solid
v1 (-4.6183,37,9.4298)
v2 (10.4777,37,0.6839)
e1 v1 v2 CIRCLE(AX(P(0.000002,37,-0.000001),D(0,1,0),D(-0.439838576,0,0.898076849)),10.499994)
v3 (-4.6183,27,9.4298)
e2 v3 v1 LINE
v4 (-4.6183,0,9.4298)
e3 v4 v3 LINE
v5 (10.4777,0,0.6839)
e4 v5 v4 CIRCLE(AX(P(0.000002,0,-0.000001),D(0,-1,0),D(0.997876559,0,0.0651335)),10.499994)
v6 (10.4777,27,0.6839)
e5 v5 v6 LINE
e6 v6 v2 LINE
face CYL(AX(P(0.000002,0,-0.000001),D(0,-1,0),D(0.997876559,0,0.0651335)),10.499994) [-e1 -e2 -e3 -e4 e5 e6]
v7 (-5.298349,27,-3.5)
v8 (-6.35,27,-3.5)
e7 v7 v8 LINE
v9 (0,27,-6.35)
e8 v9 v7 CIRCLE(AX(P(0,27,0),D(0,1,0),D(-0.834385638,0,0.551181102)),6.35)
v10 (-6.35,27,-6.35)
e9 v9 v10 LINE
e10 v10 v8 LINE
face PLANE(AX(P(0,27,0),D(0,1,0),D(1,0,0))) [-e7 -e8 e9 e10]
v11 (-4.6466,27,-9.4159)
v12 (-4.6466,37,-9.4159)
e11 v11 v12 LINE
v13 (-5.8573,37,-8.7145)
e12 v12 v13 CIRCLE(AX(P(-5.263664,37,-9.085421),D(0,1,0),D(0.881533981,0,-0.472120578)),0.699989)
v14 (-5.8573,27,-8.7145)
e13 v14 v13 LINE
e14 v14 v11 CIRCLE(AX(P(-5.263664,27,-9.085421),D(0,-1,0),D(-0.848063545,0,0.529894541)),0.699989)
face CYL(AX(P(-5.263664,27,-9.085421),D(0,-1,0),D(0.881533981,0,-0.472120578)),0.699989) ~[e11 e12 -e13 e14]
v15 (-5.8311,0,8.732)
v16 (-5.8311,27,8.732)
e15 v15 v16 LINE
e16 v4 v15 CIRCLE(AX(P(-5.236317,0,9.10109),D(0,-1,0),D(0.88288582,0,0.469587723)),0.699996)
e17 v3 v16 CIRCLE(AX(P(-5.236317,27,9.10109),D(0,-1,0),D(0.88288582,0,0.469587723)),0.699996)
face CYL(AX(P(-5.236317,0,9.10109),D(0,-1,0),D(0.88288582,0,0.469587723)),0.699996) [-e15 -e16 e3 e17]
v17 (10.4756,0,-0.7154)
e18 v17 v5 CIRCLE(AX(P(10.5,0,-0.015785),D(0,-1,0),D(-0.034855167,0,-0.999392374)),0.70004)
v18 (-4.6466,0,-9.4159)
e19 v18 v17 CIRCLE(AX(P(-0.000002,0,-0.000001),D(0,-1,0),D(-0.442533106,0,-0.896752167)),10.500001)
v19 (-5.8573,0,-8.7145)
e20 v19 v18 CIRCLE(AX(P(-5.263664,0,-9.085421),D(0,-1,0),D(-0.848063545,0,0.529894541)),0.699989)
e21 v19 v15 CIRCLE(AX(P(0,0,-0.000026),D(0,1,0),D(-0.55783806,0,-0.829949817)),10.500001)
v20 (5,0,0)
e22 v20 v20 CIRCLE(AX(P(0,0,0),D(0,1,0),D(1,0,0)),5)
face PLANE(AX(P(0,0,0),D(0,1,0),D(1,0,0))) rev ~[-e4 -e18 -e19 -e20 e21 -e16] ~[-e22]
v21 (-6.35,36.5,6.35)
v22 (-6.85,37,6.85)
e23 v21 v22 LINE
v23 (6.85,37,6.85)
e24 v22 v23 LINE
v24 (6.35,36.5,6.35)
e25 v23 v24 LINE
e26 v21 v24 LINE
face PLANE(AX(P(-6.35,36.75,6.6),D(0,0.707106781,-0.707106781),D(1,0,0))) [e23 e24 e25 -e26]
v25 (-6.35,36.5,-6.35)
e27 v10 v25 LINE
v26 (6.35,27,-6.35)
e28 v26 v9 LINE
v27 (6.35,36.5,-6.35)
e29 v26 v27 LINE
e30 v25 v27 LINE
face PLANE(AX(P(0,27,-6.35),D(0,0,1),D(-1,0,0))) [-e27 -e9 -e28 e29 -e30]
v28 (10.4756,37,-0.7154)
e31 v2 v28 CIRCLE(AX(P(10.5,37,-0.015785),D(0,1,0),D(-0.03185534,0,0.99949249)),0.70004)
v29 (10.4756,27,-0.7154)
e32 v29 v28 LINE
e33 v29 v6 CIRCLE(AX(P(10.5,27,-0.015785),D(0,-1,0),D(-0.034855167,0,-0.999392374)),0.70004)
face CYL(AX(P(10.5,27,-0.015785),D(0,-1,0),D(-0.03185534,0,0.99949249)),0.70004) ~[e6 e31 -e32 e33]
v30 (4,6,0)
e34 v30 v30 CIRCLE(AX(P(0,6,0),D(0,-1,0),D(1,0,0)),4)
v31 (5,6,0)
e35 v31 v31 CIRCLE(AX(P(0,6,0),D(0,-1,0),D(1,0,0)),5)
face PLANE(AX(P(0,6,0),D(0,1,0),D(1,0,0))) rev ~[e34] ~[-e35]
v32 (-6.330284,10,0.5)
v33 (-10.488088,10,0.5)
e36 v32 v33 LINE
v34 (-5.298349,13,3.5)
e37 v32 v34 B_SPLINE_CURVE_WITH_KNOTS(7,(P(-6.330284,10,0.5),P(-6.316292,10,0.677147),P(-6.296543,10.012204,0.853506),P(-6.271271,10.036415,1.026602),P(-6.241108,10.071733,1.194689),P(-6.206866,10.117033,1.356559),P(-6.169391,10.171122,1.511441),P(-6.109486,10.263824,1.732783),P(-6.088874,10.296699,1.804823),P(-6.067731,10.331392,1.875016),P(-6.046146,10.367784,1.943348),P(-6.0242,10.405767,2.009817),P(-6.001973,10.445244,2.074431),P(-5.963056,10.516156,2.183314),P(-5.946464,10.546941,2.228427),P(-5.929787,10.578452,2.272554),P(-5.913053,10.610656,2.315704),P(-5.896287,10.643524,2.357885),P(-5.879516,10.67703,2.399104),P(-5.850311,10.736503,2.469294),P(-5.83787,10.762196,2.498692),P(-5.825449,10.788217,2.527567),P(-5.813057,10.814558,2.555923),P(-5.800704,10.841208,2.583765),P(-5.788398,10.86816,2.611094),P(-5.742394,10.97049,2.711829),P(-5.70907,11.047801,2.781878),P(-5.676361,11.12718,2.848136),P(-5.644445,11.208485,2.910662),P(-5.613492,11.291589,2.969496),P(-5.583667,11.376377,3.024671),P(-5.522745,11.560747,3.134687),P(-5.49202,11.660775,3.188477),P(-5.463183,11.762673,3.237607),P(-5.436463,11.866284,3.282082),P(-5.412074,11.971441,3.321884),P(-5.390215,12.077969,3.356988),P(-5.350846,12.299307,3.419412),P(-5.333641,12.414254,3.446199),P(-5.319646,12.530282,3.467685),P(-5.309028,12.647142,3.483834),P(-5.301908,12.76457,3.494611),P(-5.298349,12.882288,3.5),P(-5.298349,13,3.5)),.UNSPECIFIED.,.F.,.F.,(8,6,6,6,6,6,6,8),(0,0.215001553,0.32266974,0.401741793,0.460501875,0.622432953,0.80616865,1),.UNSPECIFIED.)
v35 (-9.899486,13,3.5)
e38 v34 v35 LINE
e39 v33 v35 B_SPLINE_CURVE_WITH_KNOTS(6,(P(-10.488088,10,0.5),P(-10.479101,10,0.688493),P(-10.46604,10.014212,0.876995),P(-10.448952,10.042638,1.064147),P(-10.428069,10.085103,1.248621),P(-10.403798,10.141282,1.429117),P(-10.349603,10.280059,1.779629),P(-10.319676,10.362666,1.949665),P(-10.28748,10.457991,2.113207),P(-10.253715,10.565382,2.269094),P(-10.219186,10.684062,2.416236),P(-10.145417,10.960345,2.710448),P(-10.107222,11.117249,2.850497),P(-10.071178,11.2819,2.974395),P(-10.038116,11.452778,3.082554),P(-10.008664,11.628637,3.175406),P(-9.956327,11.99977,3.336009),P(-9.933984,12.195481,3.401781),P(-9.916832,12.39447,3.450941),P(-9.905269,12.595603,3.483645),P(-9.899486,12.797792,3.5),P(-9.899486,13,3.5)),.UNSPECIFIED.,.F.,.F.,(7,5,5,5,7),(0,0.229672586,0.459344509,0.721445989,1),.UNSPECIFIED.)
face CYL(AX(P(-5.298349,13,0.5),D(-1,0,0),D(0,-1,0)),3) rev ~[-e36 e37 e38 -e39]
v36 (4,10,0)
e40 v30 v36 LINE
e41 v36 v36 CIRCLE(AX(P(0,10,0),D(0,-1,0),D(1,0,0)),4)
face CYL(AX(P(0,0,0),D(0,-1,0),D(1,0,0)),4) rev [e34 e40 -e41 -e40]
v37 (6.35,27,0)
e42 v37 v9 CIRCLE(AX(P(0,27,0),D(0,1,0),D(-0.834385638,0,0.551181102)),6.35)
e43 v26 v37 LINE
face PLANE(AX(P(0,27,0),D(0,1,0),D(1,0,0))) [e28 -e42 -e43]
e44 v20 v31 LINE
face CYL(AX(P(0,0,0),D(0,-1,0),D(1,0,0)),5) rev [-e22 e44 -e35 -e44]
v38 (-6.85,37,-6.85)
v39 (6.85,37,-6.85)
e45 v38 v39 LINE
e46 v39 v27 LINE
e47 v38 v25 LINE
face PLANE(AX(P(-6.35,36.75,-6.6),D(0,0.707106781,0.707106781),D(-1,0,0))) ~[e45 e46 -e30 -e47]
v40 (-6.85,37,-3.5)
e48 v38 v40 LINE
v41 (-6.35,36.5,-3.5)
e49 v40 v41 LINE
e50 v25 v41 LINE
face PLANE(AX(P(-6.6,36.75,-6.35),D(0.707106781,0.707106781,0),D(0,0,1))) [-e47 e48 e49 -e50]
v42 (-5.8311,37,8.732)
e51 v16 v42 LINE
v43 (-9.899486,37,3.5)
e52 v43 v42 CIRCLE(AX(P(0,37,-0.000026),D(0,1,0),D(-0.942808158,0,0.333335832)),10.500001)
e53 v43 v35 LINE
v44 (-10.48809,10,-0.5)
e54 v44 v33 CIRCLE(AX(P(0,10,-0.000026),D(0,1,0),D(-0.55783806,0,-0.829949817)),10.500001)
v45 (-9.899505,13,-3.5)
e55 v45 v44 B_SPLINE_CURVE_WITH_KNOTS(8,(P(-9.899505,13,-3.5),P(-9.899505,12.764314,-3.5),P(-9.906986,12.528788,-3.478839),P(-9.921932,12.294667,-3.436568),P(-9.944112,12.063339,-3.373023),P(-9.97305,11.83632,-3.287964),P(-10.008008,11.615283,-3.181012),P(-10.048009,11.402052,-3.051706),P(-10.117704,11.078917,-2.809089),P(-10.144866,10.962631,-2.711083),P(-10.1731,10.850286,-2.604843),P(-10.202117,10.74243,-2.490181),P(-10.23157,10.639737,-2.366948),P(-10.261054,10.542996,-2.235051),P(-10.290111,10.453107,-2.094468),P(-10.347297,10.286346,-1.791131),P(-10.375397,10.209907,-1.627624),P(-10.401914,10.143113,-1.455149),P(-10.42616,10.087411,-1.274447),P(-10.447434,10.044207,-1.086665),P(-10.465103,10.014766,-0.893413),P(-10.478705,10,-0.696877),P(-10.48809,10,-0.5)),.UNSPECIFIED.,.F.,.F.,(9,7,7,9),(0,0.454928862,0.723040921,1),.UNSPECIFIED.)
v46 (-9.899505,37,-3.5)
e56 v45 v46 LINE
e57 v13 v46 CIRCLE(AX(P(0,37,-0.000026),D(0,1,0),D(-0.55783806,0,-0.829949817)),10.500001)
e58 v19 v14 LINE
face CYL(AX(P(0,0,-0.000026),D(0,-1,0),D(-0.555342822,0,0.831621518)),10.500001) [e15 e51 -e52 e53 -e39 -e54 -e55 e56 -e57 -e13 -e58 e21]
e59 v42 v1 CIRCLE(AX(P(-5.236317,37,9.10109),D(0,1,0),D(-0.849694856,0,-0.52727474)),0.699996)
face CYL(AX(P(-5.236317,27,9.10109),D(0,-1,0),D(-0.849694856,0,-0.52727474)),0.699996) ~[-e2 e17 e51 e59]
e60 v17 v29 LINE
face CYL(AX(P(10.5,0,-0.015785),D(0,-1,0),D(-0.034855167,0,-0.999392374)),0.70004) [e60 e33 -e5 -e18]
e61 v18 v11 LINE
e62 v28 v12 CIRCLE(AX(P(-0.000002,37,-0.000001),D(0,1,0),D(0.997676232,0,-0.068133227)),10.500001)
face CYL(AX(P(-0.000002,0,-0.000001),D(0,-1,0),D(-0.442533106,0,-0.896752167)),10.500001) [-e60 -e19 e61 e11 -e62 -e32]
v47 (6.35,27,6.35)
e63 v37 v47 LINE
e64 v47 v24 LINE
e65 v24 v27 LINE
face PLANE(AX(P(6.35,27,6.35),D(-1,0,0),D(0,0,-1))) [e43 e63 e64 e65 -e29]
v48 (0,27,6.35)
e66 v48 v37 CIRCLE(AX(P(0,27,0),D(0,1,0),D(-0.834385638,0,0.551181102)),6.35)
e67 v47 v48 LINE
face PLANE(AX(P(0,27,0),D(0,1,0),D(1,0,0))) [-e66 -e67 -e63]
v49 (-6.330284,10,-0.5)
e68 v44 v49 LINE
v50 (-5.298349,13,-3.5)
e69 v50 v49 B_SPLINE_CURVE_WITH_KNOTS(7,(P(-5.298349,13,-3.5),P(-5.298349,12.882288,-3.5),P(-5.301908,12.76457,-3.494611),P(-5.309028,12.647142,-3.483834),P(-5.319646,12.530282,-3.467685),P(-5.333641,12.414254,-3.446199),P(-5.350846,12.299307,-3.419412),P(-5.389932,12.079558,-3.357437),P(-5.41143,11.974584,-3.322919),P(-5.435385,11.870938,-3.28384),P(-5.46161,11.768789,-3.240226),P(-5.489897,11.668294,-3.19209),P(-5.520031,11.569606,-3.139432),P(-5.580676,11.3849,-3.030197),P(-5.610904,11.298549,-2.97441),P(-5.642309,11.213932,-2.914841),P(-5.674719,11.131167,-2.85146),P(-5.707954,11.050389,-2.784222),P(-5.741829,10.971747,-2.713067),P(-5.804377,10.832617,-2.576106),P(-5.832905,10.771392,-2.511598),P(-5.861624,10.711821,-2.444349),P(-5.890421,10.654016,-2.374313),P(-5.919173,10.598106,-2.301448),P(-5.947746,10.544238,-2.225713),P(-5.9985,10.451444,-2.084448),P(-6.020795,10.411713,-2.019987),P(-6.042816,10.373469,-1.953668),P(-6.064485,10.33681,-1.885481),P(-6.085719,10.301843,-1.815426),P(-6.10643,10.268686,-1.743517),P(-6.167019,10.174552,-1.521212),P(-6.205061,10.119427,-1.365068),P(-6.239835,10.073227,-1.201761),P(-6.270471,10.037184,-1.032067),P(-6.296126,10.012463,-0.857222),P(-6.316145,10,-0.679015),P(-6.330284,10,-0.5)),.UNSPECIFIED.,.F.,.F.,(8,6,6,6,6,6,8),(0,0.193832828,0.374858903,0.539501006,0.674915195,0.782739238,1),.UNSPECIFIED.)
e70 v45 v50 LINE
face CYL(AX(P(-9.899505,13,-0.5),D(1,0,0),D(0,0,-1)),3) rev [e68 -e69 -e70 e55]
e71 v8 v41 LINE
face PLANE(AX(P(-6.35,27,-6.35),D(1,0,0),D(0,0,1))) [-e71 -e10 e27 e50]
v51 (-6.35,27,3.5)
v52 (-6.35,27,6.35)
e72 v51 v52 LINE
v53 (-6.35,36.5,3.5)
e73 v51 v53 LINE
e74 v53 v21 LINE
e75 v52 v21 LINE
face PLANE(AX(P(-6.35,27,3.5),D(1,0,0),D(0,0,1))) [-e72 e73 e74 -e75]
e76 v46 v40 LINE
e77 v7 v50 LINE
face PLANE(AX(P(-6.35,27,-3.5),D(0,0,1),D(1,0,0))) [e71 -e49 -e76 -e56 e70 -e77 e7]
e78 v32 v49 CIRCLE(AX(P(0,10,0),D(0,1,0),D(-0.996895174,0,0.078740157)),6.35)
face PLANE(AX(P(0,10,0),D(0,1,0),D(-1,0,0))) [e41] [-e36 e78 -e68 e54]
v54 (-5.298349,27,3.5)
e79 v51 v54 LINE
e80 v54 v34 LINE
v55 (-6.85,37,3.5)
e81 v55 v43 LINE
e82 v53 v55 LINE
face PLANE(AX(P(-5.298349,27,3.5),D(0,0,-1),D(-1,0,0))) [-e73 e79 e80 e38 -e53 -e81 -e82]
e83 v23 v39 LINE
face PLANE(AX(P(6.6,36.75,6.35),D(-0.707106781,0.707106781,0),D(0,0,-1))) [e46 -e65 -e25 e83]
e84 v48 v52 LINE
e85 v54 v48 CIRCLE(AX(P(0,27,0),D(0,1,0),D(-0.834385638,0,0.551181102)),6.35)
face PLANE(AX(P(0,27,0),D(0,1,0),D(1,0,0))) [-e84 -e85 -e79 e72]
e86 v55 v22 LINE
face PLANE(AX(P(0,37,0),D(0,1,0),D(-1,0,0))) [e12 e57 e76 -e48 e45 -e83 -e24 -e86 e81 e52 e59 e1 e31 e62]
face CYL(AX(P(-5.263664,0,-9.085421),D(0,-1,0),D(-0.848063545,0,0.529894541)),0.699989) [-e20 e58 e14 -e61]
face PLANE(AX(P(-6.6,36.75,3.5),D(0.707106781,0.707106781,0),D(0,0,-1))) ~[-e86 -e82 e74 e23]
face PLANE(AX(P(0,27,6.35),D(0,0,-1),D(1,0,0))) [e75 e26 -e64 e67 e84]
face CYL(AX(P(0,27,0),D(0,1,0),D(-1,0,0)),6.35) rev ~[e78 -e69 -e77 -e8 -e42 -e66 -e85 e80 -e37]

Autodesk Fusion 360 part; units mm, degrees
sketch "Sketch1" plane through (0, 0, 0) normal (0, 1, 0) x (1, 0, 0) in component "SwitchSpacer"
  arc A0 (-5.8311, -8.732) -> (-5.8573, 8.7145) centre (0, 0) cw
  arc A1 (-4.6183, -9.4298) -> (-5.8311, -8.732) centre (-5.2363, -9.1011) cw
  line L0 (-20, 3.982) -> (0, 3.982)
  arc A2 (10.4756, 0.7154) -> (10.4777, -0.6839) centre (10.5, 0.0158) cw
  arc A3 (-4.6466, 9.4159) -> (10.4756, 0.7154) centre (0, 0) cw
  arc A4 (10.4777, -0.6839) -> (-4.6183, -9.4298) centre (0, 0) cw
  arc A5 (-5.8573, 8.7145) -> (-4.6466, 9.4159) centre (-5.2637, 9.0854) cw
  line L1 (-20, -4.0237) -> (-20, 3.982)
  circle A6 centre (0, 0) radius 8
  line L2 (0, 3.982) -> (0, -4.0237)
  line L3 (0, -4.0237) -> (-20, -4.0237)
  circle A7 centre (0, 0) radius 5
  circle A8 centre (0, 0) radius 4
  dimension "d8" = 10
  dimension "d9" = 8
extrude "Extrude8" add sketch "Sketch1" along normal blind 27 contours A0 A1 L0 A2 A3 A4 A5 A6 L3 | A0 L0 A6 L3 | L0 A6 L3 A7 | L0 A6 L3 A7 | L0 L2 L3 A7 A8 | L0 L2 L3 A7 A8 in component "SwitchSpacer"
sketch "Sketch2" plane through (0, 27, 0) normal (0, 1, 0) x (-1, 0, 0) in component "SwitchSpacer"
  circle A0 centre (0, 0) radius 4
  line L0 (6.35, 6.35) -> (-6.35, 6.35)
  line L1 (-6.35, 6.35) -> (-6.35, -6.35)
  line L2 (-6.35, -6.35) -> (6.35, -6.35)
  line L3 (6.35, -6.35) -> (6.35, 6.35)
  line L4 (6.35, 6.35) -> (-6.35, -6.35) construction
  line L5 (-6.35, 6.35) -> (6.35, -6.35) construction
  line L6 (6.35, 6.35) -> (19.35, 6.35)
  line L7 (19.35, 6.35) -> (19.35, -6.35)
  line L8 (19.35, -6.35) -> (6.35, -6.35)
  line L9 (6.35, -6.35) -> (6.35, 6.35)
  circle A1 centre (0, 0) radius 6.35
  line L10 (12.5, -3.5) -> (-12.5, -3.5)
  line L11 (-12.5, -3.5) -> (-12.5, 3.5)
  line L12 (-12.5, 3.5) -> (12.5, 3.5)
  line L13 (12.5, 3.5) -> (12.5, -3.5)
  line L14 (12.5, -3.5) -> (-12.5, 3.5) construction
  line L15 (-12.5, -3.5) -> (12.5, 3.5) construction
  arc A2 (5.8573, -8.7145) -> (5.8311, 8.732) centre (0, 0) ccw
  arc A3 (5.8311, 8.732) -> (4.6183, 9.4298) centre (5.2363, 9.1011) ccw
  arc A4 (4.6183, 9.4298) -> (-10.4777, 0.6839) centre (0, 0) ccw
  arc A5 (-10.4777, 0.6839) -> (-10.4756, -0.7154) centre (-10.5, -0.0158) ccw
  arc A6 (-10.4756, -0.7154) -> (4.6466, -9.4159) centre (0, 0) ccw
  arc A7 (4.6466, -9.4159) -> (5.8573, -8.7145) centre (5.2637, -9.0854) ccw
  circle A8 centre (0, 0) radius 4
  dimension "d18" = 12.7
  dimension "d19" = 12.7
  dimension "d20" = 13
  dimension "d21" = 12.7
  dimension "d22" = 12.7
  dimension "d27" = 25
  dimension "d28" = 7
extrude "Extrude9" cut sketch "Sketch1" along normal blind 6 contours L0 L2 L3 A7 A8 | L0 L2 L3 A7 A8 in component "SwitchSpacer"
extrude "Extrude10" add sketch "Sketch2" along normal blind 10 contours L0 L1 L6 L12 A2 A3 A4 | L3 L6 L9 L12 A2 | L1 L2 L8 L10 A2 A6 A7 | L3 L8 L9 L10 A2 | L1 L10 L12 A4 A5 A6 in component "SwitchSpacer"
extrude "Extrude11" cut sketch "Sketch2" against normal blind 17 contours A0 A1 L10 L12 A8 | A0 A1 L12 A8 | A0 A1 L10 A8 | A0 A1 L10 L12 A8 | L3 L9 A1 L12 | L3 L9 A1 L10 | L3 L9 L10 L12 A2 in component "SwitchSpacer"
fillet "Fillet1" radius 3 2 edges at (-7.5989, 10, -3.5) (-7.5989, 10, 3.5) in component "SwitchSpacer"
chamfer "Chamfer1" distance 0.5 angle 45 5 edges at (-6.35, 37, -4.925) (0, 37, -6.35) (-6.35, 37, 4.925) (0, 37, 6.35) (6.35, 37, 0) in component "SwitchSpacer"
component "SwitchSpacer" placed x (1, 0, 0) y (0, 1, 0) z (0, 0, 1) at (0, 0, 0)
